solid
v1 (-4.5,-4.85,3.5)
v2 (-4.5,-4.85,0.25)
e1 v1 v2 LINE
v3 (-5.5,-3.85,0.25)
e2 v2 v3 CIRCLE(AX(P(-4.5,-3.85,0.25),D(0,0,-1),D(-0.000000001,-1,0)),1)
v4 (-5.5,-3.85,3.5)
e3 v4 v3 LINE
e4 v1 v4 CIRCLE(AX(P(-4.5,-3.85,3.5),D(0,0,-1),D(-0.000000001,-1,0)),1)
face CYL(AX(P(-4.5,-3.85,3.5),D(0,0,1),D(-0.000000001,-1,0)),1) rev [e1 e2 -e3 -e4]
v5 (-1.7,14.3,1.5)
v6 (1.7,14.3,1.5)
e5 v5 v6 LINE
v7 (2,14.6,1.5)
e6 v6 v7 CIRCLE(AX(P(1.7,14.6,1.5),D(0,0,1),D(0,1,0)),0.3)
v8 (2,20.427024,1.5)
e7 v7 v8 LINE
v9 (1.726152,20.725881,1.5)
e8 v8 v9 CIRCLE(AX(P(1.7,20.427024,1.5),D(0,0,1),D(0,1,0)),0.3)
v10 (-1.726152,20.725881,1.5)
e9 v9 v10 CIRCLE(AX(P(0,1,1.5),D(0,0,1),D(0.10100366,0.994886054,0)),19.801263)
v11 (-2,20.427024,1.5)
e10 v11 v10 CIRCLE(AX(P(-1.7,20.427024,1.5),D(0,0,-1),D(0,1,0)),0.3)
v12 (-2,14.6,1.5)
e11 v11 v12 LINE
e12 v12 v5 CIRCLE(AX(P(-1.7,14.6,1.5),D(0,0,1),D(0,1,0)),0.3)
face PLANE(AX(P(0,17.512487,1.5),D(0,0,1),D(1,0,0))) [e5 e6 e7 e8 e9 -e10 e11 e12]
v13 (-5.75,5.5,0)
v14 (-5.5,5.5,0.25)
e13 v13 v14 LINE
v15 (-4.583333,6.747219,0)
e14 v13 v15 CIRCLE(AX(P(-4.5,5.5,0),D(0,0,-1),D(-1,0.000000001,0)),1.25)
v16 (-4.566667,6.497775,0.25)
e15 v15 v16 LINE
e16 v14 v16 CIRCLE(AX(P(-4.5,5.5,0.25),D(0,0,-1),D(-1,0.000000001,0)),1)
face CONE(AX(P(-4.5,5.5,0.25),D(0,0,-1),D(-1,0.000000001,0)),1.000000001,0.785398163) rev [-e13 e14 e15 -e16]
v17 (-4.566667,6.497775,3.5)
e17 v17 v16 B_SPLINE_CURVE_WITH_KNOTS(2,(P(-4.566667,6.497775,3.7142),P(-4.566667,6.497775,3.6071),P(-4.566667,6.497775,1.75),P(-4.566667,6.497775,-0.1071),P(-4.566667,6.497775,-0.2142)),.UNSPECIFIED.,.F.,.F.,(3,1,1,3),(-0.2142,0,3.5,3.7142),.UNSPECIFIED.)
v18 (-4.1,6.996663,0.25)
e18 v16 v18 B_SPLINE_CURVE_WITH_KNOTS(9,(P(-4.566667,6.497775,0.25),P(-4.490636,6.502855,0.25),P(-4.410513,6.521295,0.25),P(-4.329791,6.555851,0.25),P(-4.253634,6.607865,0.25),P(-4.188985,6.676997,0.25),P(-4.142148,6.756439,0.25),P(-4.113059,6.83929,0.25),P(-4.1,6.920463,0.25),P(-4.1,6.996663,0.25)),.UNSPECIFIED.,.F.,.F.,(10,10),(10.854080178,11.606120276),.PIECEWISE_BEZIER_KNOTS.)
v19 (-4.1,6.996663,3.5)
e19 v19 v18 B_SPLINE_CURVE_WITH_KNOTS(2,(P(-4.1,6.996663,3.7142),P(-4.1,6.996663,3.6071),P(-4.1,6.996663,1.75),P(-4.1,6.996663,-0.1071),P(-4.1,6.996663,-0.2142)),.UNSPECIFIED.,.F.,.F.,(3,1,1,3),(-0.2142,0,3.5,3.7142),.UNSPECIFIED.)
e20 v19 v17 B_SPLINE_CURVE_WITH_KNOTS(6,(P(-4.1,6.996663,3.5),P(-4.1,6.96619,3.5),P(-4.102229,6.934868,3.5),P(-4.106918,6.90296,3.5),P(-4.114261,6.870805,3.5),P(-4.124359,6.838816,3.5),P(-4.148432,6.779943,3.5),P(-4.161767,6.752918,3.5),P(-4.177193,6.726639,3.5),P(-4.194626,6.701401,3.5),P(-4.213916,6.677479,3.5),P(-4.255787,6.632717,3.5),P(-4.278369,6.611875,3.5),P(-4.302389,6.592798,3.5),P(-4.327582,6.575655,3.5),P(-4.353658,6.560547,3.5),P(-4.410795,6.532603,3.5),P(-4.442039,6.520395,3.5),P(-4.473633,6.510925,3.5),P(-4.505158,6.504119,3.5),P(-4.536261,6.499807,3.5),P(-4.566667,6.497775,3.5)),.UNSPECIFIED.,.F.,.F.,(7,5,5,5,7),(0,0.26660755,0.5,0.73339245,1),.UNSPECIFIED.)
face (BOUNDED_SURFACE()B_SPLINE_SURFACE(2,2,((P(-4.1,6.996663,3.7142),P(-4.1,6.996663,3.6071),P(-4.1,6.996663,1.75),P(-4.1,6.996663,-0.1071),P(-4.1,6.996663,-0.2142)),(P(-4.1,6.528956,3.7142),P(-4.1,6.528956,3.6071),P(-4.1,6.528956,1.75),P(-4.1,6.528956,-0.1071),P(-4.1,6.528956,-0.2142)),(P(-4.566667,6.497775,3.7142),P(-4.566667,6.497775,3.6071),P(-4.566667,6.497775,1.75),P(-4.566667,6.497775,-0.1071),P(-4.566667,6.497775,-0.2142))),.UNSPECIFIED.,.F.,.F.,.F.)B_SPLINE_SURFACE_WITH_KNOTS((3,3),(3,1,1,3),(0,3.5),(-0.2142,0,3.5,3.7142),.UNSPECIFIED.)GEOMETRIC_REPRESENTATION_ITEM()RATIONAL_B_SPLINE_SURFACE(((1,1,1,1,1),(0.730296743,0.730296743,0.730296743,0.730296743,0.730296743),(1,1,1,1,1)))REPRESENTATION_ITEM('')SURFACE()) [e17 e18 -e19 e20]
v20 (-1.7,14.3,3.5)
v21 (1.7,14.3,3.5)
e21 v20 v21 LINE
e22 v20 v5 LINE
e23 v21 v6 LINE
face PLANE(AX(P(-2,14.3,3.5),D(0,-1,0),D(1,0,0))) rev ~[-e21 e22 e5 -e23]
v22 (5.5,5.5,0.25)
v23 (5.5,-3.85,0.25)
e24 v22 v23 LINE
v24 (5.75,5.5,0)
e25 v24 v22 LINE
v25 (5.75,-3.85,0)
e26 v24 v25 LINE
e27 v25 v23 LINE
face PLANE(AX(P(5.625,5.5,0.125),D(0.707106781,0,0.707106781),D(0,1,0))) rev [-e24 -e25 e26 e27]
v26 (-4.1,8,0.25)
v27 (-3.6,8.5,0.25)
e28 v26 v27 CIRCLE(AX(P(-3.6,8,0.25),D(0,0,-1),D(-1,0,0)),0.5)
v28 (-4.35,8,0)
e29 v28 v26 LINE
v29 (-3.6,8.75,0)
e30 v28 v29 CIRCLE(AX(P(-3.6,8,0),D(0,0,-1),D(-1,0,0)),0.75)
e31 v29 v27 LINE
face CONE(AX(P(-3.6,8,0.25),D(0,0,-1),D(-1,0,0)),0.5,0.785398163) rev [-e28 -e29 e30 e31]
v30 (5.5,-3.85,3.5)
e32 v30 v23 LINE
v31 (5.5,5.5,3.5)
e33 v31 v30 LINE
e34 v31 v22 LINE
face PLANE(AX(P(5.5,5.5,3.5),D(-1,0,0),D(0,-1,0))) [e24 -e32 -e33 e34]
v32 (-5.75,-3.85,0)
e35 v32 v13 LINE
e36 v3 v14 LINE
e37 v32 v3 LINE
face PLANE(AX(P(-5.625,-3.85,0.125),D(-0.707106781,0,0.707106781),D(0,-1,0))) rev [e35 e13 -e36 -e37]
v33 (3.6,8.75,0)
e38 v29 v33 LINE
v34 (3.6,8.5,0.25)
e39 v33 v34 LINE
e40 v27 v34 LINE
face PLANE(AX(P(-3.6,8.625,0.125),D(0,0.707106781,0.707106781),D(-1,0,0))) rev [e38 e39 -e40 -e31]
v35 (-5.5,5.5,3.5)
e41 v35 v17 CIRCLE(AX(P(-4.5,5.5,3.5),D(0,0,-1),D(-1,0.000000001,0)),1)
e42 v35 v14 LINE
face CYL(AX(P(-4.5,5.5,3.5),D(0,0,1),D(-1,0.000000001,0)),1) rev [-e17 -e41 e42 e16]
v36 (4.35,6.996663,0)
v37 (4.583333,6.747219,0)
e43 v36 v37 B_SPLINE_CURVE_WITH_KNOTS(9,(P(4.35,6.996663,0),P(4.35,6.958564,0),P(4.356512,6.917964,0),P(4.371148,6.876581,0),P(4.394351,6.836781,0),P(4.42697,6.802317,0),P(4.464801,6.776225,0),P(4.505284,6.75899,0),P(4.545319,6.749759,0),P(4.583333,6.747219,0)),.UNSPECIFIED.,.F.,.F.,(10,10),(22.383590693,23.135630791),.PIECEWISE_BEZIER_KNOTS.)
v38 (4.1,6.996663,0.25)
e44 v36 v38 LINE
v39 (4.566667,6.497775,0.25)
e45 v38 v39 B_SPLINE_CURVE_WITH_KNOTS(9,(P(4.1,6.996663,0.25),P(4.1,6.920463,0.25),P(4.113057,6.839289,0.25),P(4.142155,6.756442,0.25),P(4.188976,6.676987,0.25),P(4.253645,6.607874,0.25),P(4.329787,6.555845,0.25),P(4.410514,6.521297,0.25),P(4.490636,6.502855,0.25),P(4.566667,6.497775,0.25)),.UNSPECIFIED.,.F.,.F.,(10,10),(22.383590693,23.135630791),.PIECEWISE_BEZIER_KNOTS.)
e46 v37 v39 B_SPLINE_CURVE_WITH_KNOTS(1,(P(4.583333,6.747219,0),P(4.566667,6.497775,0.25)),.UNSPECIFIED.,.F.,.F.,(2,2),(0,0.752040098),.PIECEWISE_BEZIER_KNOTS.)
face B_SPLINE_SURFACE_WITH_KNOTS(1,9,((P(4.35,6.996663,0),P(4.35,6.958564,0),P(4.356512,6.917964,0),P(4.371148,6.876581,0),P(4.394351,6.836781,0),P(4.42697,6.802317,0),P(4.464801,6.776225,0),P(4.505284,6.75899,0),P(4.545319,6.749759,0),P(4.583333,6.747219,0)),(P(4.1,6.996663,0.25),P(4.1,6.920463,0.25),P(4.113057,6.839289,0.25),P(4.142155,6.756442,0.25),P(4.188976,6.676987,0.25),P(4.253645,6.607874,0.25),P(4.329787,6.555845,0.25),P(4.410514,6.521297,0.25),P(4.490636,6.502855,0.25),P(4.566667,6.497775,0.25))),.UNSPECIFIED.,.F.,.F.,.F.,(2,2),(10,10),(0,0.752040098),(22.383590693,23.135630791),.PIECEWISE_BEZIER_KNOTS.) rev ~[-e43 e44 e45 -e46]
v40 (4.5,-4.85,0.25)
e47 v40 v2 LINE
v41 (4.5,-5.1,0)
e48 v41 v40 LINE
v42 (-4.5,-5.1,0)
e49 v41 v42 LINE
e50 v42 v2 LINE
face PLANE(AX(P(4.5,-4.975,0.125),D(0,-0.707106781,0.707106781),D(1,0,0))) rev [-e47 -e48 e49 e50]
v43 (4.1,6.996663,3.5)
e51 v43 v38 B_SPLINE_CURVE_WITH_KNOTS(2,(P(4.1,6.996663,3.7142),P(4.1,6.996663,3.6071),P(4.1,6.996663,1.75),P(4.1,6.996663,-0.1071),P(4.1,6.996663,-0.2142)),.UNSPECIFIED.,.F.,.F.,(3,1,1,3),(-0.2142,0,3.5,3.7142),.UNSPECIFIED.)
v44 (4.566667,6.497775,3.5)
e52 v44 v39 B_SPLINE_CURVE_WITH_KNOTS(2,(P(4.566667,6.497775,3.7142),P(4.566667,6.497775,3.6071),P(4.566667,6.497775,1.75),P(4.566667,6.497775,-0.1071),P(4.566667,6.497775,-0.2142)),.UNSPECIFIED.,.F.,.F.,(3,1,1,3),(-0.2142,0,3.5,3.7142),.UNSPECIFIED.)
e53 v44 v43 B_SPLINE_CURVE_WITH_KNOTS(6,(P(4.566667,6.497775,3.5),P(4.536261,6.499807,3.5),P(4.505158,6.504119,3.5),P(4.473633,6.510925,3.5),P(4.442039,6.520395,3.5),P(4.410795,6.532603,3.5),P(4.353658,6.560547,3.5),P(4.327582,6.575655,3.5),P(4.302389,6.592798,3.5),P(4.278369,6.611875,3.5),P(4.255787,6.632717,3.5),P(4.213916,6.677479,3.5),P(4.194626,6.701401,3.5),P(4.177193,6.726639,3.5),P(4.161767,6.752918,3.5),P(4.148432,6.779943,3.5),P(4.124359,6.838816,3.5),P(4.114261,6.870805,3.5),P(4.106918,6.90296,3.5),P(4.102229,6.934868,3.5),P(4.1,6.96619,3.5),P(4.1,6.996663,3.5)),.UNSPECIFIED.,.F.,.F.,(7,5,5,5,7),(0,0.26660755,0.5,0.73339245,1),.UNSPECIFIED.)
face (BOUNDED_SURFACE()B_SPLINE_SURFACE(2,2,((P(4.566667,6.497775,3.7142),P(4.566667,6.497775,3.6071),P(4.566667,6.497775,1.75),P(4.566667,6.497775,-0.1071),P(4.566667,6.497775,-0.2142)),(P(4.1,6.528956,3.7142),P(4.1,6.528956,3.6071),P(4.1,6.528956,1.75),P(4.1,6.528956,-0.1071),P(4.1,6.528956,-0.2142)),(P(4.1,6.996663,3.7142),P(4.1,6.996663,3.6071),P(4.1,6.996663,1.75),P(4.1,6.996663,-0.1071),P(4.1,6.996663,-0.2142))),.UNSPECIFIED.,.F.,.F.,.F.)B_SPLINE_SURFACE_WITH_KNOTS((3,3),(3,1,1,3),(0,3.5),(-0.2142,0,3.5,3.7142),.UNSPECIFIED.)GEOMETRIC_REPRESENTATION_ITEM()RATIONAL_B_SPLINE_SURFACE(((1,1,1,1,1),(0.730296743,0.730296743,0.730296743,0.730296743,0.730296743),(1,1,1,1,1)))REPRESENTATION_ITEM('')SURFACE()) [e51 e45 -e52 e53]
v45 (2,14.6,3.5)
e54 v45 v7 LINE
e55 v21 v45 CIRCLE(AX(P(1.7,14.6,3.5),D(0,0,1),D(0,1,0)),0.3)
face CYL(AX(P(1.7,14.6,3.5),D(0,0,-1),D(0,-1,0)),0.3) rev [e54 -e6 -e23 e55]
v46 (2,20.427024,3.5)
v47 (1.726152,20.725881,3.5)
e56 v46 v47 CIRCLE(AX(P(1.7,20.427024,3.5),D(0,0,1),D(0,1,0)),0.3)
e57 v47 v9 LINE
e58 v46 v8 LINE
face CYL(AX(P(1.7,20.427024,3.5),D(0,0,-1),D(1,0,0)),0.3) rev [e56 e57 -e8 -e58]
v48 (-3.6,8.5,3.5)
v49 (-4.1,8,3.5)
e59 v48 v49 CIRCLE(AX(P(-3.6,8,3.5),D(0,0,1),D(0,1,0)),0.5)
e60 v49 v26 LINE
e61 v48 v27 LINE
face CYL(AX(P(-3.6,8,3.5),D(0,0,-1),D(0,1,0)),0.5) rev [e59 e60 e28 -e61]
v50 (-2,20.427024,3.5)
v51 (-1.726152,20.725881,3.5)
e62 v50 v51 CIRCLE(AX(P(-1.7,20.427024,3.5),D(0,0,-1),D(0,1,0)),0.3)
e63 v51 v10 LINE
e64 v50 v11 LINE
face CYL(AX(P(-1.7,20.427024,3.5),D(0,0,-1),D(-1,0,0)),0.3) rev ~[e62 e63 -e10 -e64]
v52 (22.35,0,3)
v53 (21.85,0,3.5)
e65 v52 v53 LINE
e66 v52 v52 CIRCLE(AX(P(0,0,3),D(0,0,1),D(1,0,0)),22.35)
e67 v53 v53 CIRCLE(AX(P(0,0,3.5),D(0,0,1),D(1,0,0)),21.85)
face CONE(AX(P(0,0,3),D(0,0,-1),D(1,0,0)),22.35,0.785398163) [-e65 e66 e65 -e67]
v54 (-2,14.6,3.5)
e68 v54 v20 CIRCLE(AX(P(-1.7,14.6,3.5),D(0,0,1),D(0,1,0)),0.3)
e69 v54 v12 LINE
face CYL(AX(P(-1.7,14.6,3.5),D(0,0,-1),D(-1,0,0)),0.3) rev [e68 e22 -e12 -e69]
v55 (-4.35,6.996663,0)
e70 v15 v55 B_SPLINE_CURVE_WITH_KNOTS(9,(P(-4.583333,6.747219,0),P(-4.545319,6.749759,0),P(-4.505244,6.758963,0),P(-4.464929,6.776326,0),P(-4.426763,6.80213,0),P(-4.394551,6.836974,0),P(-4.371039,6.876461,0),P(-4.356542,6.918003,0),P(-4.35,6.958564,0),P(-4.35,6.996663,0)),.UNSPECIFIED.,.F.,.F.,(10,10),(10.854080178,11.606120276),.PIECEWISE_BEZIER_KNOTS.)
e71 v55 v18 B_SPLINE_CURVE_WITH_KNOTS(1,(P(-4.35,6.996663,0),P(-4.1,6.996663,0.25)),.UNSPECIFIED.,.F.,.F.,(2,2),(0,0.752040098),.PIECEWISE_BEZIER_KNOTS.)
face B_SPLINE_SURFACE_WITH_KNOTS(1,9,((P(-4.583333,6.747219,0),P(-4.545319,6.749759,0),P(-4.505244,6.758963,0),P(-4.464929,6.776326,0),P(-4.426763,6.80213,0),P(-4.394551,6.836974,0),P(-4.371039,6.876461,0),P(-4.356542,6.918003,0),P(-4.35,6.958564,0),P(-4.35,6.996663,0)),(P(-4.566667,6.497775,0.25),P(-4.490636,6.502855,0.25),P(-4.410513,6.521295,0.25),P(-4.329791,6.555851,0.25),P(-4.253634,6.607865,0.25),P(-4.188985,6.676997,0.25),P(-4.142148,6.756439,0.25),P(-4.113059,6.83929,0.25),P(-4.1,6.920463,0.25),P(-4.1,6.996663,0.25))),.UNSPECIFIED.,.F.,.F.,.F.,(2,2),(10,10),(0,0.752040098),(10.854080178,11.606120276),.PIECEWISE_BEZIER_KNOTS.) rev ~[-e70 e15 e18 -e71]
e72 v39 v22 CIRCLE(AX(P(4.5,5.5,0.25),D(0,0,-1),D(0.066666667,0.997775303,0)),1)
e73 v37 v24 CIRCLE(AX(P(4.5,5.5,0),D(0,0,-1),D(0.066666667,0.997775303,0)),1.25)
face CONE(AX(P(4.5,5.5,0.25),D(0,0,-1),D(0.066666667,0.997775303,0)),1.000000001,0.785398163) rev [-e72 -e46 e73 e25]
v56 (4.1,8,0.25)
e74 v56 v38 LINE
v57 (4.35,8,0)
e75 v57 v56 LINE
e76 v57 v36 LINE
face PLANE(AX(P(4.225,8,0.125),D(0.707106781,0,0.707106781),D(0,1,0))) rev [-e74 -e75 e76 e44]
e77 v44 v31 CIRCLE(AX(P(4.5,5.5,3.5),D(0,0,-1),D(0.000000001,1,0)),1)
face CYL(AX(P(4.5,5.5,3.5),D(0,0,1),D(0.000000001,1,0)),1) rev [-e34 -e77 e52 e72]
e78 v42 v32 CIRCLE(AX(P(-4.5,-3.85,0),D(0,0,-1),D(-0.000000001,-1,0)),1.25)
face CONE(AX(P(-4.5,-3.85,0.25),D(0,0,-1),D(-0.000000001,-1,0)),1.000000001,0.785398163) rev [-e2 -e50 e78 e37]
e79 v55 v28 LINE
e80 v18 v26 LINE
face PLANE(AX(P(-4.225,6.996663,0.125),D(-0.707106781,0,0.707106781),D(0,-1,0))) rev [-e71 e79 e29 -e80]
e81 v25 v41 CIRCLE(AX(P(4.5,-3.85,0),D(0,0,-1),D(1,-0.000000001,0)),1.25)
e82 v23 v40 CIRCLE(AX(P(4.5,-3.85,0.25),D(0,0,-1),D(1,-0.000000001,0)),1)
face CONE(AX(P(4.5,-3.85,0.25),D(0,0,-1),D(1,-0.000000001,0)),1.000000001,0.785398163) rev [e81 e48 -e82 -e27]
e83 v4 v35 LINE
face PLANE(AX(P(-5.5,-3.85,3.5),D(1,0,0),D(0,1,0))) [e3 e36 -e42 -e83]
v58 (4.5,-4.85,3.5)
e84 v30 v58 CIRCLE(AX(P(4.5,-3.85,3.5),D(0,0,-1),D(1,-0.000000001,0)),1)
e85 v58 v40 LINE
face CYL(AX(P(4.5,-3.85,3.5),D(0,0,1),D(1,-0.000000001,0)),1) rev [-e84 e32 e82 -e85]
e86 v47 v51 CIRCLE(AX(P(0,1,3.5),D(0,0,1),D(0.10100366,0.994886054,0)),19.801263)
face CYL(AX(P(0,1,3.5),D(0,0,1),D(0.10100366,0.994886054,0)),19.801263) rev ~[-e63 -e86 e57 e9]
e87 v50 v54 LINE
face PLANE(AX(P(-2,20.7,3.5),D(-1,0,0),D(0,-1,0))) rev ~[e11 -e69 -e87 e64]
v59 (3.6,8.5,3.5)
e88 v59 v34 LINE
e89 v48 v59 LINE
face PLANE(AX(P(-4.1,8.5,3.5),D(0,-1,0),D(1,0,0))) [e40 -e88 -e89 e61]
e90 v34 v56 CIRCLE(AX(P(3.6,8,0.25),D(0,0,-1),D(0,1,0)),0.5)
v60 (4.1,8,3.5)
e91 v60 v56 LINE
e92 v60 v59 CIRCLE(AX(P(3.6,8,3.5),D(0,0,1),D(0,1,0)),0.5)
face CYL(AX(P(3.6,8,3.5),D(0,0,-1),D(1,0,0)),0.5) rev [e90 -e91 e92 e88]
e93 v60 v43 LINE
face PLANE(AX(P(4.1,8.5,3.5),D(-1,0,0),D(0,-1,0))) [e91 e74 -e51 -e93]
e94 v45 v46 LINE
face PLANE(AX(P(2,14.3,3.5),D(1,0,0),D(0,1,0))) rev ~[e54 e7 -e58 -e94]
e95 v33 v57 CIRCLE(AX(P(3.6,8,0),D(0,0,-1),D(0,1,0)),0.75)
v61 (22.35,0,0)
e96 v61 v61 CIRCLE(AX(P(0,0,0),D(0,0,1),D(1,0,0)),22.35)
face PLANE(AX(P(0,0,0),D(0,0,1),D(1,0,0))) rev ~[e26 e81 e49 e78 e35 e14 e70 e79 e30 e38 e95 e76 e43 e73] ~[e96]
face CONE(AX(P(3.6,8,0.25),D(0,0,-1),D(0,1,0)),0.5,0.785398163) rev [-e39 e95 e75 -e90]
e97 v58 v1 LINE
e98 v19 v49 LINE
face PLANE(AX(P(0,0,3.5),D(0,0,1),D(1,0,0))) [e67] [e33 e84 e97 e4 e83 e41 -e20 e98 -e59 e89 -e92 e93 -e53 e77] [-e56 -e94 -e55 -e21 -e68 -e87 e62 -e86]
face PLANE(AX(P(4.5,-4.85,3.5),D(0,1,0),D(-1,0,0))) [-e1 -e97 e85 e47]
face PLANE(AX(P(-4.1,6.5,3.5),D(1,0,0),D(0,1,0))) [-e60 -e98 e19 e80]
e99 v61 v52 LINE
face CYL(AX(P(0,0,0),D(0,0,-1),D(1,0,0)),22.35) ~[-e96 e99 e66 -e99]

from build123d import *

# Parameters (mm, degrees)
SKETCH_1_R          = 22.35
EXTRUDE_1_DEPTH     = 3.5
CUT_EXTRUDE_START   = 3.5
CUT_EXTRUDE_1_DEPTH = 3.5
CHAMFER_1_SIZE      = 0.5
CUT_EXTRUDE_2_DEPTH = 3.5
FILLET_1_R          = 0.5
CHAMFER_2_SIZE      = 0.25
CUT_EXTRUDE_3_DEPTH = 2
FILLET_2_R          = 0.3


with BuildPart() as part:
    # 草图1 → 凸台-拉伸1 (new body)
    with BuildSketch(Plane.XY):
        Circle(SKETCH_1_R)
    extrude(amount=EXTRUDE_1_DEPTH)

    # 草图2 → 切除-拉伸1 (cut)
    with BuildSketch(Plane.XY.offset(CUT_EXTRUDE_START)):
        with BuildLine():
            Line((-5.5, 0), (-5.5, 5.5))
            ThreePointArc((-5.5, 5.5), (-5.207106781, 6.207106781), (-4.5, 6.5))
            Line((-4.5, 6.5), (4.5, 6.5))
            ThreePointArc((4.5, 6.5), (5.207106781, 6.207106781), (5.5, 5.5))
            Line((5.5, 5.5), (5.5, -3.85))
            ThreePointArc((5.5, -3.85), (5.207106781, -4.557106781), (4.5, -4.85))
            Line((4.5, -4.85), (-4.5, -4.85))
            ThreePointArc((-4.5, -4.85), (-5.207106781, -4.557106781), (-5.5, -3.85))
            Line((-5.5, -3.85), (-5.5, 0))
        make_face()
    extrude(amount=-CUT_EXTRUDE_1_DEPTH, mode=Mode.SUBTRACT)

    # 倒角1
    chamfer_1_edges = [part.edges().sort_by_distance(p)[0] for p in [
        (-22.35, 0, 3.5),
    ]]
    chamfer(chamfer_1_edges, length=CHAMFER_1_SIZE)

    # 草图3 → 切除-拉伸2 (cut)
    with BuildSketch(Plane.XY.offset(CUT_EXTRUDE_START)):
        Polygon((0, 6.5), (-4.1, 6.5), (-4.1, 8.5), (4.1, 8.5), (4.1, 6.5), align=None)
    extrude(amount=-CUT_EXTRUDE_2_DEPTH, mode=Mode.SUBTRACT)

    # 圆角1
    fillet_1_edges = [part.edges().sort_by_distance(p)[0] for p in [
        (4.1, 6.5, 1.75),
        (-4.1, 6.5, 1.75),
        (4.1, 8.5, 1.75),
        (-4.1, 8.5, 1.75),
    ]]
    fillet(fillet_1_edges, radius=FILLET_1_R)

    # 倒角2
    chamfer_2_edges = [part.edges().sort_by_distance(p)[0] for p in [
        (-5.5, 0.825, 0),
        (0, -4.85, 0),
        (5.5, 0.825, 0),
        (-5.230296743, 6.183130051, 0),
        (5.207106781, -4.557106781, 0),
        (-5.207106781, -4.557106781, 0),
        (4.1, 7.498331477, 0),
        (5.230296743, 6.183130051, 0),
        (-4.1, 7.498331477, 0),
        (0, 8.5, 0),
        (-4.234851628, 6.655097929, 0),
        (4.234851628, 6.655097929, 0),
        (3.953553391, 8.353553391, 0),
        (-3.953553391, 8.353553391, 0),
    ]]
    chamfer(chamfer_2_edges, length=CHAMFER_2_SIZE)

    # 草图4 → 切除-拉伸3 (cut)
    with BuildSketch(Plane.XY.offset(CUT_EXTRUDE_START)):
        with BuildLine():
            Line((-2, 20.7), (-2, 19.7))
            Line((-2, 19.7), (-2, 14.3))
            Line((-2, 14.3), (0, 14.3))
            Line((0, 14.3), (2, 14.3))
            Line((2, 14.3), (2, 19.7))
            Line((2, 19.7), (2, 20.7))
            ThreePointArc((2, 20.7), (0, 20.801262586), (-2, 20.7))
        make_face()
    extrude(amount=-CUT_EXTRUDE_3_DEPTH, mode=Mode.SUBTRACT)

    # 圆角2
    fillet_2_edges = [part.edges().sort_by_distance(p)[0] for p in [
        (-2, 20.7, 2.5),
        (2, 20.7, 2.5),
        (2, 14.3, 2.5),
        (-2, 14.3, 2.5),
    ]]
    fillet(fillet_2_edges, radius=FILLET_2_R)


solid = part.part
